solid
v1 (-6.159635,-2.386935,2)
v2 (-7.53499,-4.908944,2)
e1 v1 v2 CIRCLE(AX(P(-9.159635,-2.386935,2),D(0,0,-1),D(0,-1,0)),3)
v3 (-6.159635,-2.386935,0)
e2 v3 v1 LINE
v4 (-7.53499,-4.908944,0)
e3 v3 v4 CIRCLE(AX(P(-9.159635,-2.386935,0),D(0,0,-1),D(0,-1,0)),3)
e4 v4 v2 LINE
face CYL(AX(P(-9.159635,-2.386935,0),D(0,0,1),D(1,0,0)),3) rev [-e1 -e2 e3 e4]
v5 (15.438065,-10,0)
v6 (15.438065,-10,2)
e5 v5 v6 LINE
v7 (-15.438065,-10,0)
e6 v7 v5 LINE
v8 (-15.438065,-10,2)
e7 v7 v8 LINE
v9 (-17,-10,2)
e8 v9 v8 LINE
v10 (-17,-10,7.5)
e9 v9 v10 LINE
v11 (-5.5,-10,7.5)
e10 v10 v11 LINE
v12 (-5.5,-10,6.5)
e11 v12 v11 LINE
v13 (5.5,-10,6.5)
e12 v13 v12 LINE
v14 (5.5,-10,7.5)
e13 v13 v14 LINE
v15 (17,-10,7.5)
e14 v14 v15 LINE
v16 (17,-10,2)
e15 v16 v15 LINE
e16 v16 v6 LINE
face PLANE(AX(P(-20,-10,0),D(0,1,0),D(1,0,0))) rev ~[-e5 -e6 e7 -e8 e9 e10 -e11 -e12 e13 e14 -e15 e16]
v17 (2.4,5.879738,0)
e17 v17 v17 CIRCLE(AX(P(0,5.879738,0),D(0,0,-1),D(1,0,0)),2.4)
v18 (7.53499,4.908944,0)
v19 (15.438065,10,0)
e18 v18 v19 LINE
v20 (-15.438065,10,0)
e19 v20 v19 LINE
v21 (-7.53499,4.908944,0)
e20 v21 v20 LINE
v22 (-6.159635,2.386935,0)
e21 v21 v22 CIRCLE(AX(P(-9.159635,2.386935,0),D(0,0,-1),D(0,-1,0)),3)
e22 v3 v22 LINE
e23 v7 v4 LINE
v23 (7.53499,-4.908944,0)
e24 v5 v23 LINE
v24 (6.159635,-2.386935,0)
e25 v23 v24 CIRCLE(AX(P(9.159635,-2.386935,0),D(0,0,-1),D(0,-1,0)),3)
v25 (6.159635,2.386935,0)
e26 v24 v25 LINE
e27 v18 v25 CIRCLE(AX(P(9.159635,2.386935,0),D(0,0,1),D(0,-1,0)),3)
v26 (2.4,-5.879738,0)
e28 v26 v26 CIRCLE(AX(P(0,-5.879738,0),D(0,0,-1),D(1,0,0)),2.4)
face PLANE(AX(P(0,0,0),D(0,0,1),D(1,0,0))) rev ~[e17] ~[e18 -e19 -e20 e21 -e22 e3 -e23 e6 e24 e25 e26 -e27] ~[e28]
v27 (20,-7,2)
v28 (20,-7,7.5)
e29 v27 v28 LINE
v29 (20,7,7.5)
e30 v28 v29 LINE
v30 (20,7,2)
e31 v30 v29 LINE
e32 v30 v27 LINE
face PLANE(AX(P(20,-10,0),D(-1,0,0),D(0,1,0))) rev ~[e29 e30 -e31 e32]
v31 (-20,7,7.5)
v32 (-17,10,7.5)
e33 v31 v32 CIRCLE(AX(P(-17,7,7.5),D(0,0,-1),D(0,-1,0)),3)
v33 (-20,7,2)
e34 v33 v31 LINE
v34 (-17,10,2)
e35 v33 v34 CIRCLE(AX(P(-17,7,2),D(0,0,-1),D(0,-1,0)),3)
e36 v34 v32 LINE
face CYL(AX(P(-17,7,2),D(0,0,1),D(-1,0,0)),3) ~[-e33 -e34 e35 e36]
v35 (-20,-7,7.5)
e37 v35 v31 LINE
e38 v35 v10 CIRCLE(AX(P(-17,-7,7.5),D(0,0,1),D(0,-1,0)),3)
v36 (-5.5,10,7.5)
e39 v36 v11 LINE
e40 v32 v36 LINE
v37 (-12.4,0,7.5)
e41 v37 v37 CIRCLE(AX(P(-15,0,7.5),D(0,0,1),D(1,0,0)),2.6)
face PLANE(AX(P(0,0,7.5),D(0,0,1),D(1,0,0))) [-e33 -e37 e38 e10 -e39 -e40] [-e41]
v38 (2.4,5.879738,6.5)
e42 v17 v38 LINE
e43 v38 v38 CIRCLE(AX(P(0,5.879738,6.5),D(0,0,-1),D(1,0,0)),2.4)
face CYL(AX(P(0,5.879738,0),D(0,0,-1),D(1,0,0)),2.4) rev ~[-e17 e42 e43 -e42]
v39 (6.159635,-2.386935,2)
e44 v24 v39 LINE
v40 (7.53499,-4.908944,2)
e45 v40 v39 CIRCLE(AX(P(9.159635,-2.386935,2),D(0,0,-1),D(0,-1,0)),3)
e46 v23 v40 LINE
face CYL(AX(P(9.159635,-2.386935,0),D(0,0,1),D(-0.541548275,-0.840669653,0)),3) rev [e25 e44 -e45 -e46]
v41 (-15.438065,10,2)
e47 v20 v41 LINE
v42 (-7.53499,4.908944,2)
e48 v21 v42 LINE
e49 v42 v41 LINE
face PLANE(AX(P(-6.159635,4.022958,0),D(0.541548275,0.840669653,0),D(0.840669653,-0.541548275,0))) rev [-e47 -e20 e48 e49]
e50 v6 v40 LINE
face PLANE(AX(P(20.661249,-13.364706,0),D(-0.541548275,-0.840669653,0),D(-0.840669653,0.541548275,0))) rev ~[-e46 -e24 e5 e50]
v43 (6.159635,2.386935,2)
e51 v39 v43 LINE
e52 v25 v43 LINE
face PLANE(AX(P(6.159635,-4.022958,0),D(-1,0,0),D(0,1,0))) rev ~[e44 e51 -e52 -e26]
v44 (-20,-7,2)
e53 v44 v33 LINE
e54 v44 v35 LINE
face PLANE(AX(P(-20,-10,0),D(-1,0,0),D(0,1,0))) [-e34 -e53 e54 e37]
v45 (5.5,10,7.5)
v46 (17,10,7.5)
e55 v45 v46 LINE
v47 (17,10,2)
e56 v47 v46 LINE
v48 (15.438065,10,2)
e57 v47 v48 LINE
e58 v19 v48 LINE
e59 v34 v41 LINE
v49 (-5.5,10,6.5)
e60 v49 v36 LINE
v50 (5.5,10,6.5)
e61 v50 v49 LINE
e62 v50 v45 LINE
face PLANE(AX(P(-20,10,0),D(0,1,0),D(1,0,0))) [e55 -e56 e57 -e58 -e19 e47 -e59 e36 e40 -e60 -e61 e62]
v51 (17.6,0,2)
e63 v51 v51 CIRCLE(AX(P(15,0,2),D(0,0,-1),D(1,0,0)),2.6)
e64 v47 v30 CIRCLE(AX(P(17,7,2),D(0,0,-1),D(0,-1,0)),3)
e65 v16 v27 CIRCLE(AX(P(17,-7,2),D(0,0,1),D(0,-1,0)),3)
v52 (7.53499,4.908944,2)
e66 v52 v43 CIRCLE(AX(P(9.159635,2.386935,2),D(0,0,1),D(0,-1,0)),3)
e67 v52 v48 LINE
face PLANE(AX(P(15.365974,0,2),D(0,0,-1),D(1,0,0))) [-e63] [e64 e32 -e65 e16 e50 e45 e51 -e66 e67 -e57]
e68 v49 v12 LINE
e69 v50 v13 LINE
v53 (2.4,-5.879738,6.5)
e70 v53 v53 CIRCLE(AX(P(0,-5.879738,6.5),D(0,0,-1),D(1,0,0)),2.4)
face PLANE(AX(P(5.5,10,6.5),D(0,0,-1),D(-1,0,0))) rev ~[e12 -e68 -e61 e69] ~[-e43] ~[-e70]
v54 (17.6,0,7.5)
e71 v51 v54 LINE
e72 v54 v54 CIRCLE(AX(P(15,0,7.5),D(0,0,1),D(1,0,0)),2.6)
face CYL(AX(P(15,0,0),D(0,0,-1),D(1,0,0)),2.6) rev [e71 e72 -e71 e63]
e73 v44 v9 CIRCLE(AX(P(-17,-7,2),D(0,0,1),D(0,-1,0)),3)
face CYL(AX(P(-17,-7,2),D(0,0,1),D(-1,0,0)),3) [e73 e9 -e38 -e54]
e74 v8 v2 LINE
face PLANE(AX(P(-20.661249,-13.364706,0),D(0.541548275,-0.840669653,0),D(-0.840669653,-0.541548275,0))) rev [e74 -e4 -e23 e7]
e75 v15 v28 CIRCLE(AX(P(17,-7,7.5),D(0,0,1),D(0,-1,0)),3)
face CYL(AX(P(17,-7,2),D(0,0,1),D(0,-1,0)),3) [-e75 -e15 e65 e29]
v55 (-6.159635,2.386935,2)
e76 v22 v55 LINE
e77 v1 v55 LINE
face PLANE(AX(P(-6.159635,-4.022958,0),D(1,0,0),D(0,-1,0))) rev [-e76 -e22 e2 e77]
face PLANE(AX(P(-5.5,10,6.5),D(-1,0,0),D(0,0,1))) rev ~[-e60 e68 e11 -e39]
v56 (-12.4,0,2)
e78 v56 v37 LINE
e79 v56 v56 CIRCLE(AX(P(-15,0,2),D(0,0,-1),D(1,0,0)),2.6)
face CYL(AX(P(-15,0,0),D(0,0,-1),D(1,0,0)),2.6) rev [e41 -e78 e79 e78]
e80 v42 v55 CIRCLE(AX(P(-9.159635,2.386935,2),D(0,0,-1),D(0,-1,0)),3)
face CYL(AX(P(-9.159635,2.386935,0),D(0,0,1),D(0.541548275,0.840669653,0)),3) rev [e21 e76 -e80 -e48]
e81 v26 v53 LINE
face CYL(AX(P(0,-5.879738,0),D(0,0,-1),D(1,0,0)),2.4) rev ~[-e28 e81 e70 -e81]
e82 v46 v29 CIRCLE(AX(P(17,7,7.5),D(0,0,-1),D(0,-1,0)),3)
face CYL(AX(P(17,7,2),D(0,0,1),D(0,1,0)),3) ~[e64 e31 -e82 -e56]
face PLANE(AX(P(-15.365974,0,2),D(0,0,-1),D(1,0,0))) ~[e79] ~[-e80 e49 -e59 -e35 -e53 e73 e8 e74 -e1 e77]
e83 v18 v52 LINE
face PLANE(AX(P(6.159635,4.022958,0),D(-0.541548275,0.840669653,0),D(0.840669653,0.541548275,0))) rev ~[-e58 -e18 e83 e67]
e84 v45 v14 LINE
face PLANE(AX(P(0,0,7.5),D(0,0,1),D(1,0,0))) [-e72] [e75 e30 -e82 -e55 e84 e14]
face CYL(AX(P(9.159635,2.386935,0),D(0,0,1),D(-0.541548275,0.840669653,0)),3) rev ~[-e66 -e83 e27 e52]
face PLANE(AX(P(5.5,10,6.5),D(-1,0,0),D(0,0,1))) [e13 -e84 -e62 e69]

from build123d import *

# Parameters (mm, degrees)
SKETCH_W        = 40
SKETCH_H        = 20
SKETCH_R        = 2.6
PAD_DEPTH       = 7.5
POCKET001_DEPTH = 2
SKETCH003_W     = 11
SKETCH003_H     = 1
POCKET_DEPTH    = 20.001
SKETCH004_R     = 2.4
POCKET002_DEPTH = 7.501
FILLET_R        = 3


with BuildPart() as part:
    # Sketch → Pad (new body)
    with BuildSketch(Plane.XY):
        Rectangle(SKETCH_W, SKETCH_H)
        with Locations((-15, 0)):
            Circle(SKETCH_R, mode=Mode.SUBTRACT)
        with Locations((15, 0)):
            Circle(SKETCH_R, mode=Mode.SUBTRACT)
    extrude(amount=PAD_DEPTH)

    # Sketch002 → Pocket001 (cut)
    with BuildSketch(Plane(origin=(0, 0, 0), x_dir=(1, 0, 0), z_dir=(0, 0, -1))):
        Polygon((20.661249, -13.364706), (20.661249, 13.364706), (6.159635, 4.022958), (6.159635, -4.022958), align=None)
    pocket001 = extrude(amount=-POCKET001_DEPTH, mode=Mode.SUBTRACT)

    # Mirrored: Pocket001 across Sketch002 V_Axis
    add(pocket001.mirror(Plane(origin=(0, 0, 0), x_dir=(0, 0, -1), z_dir=(1, 0, 0))), mode=Mode.SUBTRACT)

    # Sketch003 (on DatumPlane) → Pocket (cut, through all)
    with BuildSketch(Plane(origin=(0, 10, 0), x_dir=(-1, 0, 0), z_dir=(0, 1, 0))):
        with Locations((0, 7)):
            Rectangle(SKETCH003_W, SKETCH003_H)
    extrude(amount=-POCKET_DEPTH, mode=Mode.SUBTRACT)

    # Sketch004 (on DatumPlane) → Pocket002 (cut, through all)
    with BuildSketch(Plane(origin=(0, 0, 0), x_dir=(1, 0, 0), z_dir=(0, 0, -1))):
        with Locations((0, 5.879738)):
            Circle(SKETCH004_R)
        with Locations((0, -5.879738)):
            Circle(SKETCH004_R)
    extrude(amount=-POCKET002_DEPTH, mode=Mode.SUBTRACT)

    # Fillet
    fillet_edges = [part.edges().sort_by_distance(p)[0] for p in [
        (-6.159635, -4.022958, 1),
        (-6.159635, 4.022958, 1),
        (6.159635, -4.022958, 1),
        (6.159635, 4.022958, 1),
        (20, 10, 4.75),
        (20, -10, 4.75),
        (-20, 10, 4.75),
        (-20, -10, 4.75),
    ]]
    fillet(fillet_edges, radius=FILLET_R)


solid = part.part
